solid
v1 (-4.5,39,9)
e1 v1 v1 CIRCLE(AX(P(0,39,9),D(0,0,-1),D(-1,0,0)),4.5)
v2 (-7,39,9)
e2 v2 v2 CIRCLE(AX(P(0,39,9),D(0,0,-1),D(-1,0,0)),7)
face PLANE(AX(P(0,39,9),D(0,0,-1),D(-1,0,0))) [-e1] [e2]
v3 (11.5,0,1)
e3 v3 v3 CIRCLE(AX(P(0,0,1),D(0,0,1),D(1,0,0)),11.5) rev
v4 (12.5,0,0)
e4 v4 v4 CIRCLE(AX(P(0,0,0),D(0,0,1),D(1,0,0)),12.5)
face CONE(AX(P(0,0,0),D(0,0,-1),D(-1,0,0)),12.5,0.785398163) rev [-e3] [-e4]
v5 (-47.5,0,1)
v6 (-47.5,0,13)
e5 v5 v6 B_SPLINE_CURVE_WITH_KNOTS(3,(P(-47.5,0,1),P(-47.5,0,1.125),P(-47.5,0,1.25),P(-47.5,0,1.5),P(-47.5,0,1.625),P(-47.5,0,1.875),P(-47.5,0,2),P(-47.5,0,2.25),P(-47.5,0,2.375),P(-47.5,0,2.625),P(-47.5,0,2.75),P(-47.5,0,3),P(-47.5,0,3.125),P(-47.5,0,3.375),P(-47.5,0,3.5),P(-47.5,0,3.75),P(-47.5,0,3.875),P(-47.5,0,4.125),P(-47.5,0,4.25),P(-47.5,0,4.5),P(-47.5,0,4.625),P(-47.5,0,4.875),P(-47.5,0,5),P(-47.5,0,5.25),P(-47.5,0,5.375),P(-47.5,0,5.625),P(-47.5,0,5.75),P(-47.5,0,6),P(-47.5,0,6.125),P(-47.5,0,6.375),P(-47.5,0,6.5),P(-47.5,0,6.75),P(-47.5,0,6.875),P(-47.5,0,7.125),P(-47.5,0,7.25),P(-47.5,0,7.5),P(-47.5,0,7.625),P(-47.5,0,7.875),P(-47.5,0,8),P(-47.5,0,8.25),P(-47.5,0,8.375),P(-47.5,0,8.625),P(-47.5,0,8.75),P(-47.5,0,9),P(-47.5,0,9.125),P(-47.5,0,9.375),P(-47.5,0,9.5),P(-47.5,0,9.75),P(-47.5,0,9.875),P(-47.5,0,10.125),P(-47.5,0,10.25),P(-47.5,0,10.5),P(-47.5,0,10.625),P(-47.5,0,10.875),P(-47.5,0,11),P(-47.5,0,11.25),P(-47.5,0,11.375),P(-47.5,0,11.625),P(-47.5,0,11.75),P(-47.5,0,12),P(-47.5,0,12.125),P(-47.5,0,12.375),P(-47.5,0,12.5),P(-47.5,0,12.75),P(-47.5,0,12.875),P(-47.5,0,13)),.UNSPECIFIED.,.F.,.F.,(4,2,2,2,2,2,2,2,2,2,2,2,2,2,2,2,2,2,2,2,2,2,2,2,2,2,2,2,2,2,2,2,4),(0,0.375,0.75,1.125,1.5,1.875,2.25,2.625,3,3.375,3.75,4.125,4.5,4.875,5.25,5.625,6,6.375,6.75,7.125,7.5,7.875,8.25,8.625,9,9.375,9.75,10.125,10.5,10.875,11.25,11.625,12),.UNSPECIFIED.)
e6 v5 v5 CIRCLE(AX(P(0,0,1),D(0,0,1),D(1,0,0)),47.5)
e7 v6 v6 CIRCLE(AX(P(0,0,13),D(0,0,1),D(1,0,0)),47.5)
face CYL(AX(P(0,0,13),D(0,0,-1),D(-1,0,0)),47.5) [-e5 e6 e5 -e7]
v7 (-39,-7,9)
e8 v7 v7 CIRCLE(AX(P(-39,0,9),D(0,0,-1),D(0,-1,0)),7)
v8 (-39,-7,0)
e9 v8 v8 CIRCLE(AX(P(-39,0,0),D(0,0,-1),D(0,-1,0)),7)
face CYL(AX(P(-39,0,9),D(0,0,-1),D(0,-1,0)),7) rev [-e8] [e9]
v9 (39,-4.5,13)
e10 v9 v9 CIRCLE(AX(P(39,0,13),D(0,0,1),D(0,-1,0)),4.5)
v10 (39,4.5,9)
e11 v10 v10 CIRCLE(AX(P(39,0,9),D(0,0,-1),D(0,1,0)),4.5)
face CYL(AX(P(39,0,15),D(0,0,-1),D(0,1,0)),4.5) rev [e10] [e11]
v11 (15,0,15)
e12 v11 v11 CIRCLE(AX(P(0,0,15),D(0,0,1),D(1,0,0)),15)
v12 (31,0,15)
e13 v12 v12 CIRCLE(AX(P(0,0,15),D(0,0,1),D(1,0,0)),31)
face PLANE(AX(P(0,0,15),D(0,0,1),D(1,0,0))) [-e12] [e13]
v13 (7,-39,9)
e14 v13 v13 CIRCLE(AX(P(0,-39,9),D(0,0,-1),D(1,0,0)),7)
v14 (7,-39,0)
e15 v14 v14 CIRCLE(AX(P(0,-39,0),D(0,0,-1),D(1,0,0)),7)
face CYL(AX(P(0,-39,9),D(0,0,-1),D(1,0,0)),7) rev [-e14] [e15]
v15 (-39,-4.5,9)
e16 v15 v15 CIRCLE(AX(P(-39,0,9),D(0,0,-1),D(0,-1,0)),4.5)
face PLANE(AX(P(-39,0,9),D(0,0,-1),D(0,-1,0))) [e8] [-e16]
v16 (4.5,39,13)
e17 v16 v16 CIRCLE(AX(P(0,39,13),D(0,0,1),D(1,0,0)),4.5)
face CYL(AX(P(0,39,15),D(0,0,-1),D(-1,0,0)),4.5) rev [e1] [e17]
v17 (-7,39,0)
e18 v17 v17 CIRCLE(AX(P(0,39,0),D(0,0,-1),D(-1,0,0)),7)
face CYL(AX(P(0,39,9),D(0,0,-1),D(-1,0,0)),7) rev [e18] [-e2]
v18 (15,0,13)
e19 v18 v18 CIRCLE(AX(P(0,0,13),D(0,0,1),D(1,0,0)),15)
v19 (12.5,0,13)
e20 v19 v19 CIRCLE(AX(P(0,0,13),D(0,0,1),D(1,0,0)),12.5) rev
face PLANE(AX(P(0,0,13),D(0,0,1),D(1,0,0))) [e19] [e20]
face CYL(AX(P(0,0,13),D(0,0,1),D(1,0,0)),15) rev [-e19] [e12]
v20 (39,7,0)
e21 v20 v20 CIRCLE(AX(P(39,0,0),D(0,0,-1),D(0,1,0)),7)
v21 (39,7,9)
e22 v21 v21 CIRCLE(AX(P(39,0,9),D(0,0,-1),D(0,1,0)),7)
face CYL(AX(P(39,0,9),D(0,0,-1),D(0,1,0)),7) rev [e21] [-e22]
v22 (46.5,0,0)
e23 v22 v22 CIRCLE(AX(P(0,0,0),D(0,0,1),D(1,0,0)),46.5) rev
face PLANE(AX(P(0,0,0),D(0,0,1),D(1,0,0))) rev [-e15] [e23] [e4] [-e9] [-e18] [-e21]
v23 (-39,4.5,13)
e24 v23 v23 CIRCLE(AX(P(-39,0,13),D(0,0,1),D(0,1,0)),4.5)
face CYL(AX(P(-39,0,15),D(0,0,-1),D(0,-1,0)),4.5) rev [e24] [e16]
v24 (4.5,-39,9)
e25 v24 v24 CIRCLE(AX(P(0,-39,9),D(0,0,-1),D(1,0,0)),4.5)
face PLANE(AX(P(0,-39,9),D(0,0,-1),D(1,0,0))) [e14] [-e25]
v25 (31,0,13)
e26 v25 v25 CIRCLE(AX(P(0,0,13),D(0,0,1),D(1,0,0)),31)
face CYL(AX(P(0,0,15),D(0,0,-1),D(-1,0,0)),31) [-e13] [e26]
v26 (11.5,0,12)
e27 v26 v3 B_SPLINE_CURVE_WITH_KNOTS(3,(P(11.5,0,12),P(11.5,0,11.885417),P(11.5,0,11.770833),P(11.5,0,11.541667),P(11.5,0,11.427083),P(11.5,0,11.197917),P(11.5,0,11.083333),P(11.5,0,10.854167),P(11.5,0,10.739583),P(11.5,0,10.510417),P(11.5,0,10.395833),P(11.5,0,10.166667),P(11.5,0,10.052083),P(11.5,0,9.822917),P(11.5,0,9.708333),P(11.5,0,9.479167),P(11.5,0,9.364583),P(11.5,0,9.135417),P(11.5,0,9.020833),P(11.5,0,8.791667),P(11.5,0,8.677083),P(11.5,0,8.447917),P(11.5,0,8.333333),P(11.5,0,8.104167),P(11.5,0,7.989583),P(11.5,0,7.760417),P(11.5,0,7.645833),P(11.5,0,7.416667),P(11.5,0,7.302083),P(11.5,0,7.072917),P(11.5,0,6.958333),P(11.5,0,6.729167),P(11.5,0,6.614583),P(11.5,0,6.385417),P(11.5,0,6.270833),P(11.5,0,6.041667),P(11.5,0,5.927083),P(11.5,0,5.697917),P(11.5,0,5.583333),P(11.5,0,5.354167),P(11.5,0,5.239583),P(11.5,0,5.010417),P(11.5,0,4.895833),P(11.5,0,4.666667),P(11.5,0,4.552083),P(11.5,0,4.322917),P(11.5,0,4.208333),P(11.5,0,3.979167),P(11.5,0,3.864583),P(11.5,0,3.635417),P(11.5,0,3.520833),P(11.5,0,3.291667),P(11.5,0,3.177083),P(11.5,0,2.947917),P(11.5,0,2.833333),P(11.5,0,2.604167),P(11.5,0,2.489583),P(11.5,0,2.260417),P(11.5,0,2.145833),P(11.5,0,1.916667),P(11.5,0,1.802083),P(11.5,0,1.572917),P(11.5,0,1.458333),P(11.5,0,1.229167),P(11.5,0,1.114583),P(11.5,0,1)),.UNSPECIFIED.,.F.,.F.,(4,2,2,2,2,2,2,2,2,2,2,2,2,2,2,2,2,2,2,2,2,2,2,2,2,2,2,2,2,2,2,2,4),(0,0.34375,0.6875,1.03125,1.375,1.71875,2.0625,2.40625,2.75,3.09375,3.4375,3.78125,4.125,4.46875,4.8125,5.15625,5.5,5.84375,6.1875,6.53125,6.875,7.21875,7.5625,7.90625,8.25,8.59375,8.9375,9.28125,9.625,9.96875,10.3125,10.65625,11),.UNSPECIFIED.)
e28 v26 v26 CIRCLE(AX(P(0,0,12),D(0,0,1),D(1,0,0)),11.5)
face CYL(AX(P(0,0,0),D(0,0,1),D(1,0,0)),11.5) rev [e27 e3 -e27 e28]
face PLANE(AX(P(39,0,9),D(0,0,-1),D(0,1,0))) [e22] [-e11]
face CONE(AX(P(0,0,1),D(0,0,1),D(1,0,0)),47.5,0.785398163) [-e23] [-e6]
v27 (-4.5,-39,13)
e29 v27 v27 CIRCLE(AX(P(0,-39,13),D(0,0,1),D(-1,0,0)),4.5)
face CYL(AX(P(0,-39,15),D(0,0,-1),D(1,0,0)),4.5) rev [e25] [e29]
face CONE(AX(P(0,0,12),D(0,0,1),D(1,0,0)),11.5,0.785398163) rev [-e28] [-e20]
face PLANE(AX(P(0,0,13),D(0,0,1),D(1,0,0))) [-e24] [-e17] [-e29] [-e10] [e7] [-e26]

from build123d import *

# Parameters (mm, degrees)
SKETCH_1_R               = 47.5
EXTRUDE_1_DEPTH          = 13
SKETCH_2_R               = 31
EXTRUDE_2_DEPTH          = 2
SKETCH_3_R               = 15
CUT_EXTRUDE_2_DEPTH      = 2
SKETCH_6_R               = 11.5
CUT_EXTRUDE_3_DEPTH      = 69.421487853
CHAMFER_1_SIZE           = 1
SKETCH_7_R               = 7
CUT_EXTRUDE_4_DEPTH      = 9
SKETCH_8_R               = 4.5
CUT_EXTRUDE_5_DEPTH      = 68.775364256
PATTERN_CIRCULAR_1_COUNT = 4
CHAMFER_2_SIZE           = 1


with BuildPart() as part:
    # 草图1 → 凸台-拉伸1 (new body)
    with BuildSketch(Plane.XY):
        with Locations(Location((0, 0, 0), (0, 0, 180))):
            Circle(SKETCH_1_R)
    extrude(amount=EXTRUDE_1_DEPTH)

    # 草图2 → 凸台-拉伸2 (add)
    with BuildSketch(Plane.XY.offset(13)):
        Circle(SKETCH_2_R)
    extrude(amount=EXTRUDE_2_DEPTH)

    # 草图3 → 切除-拉伸2 (cut)
    with BuildSketch(Plane.XY.offset(15)):
        Circle(SKETCH_3_R)
    extrude(amount=-CUT_EXTRUDE_2_DEPTH, mode=Mode.SUBTRACT)

    # 草图6 → 切除-拉伸3 (cut, through all)
    with BuildSketch(Plane.XY.offset(13)):
        Circle(SKETCH_6_R)
    extrude(amount=-CUT_EXTRUDE_3_DEPTH, mode=Mode.SUBTRACT)

    # 倒角1
    chamfer_1_edges = [part.edges().sort_by_distance(p)[0] for p in [
        (-11.5, 0, 0),
        (-11.5, 0, 13),
    ]]
    chamfer(chamfer_1_edges, length=CHAMFER_1_SIZE)

    # 草图7 → 切除-拉伸4 (cut)
    with BuildSketch(Plane(origin=(0, 0, 0), x_dir=(-1, 0, 0), z_dir=(0, 0, -1))):
        with Locations((0, 39)):
            Circle(SKETCH_7_R)
    cut_extrude_4 = extrude(amount=-CUT_EXTRUDE_4_DEPTH, mode=Mode.SUBTRACT)

    # 草图8 → 切除-拉伸5 (cut, through all)
    with BuildSketch(Plane(origin=(0, 0, 9), x_dir=(-1, 0, 0), z_dir=(0, 0, -1))):
        with Locations((0, 39)):
            Circle(SKETCH_8_R)
    cut_extrude_5 = extrude(amount=-CUT_EXTRUDE_5_DEPTH, mode=Mode.SUBTRACT)

    # 阵列(圆周)1: 切除-拉伸4, 切除-拉伸5 ×4 about axis
    pattern_circular_1_axis = Axis((0, 0, 0), (0, 0, 1))
    add([cut_extrude_4.rotate(pattern_circular_1_axis, i * 360 / PATTERN_CIRCULAR_1_COUNT) for i in range(1, PATTERN_CIRCULAR_1_COUNT)], mode=Mode.SUBTRACT)
    add([cut_extrude_5.rotate(pattern_circular_1_axis, i * 360 / PATTERN_CIRCULAR_1_COUNT) for i in range(1, PATTERN_CIRCULAR_1_COUNT)], mode=Mode.SUBTRACT)

    # 倒角2
    chamfer_2_edges = [part.edges().sort_by_distance(p)[0] for p in [
        (47.5, 0, 0),
    ]]
    chamfer(chamfer_2_edges, length=CHAMFER_2_SIZE)


solid = part.part
